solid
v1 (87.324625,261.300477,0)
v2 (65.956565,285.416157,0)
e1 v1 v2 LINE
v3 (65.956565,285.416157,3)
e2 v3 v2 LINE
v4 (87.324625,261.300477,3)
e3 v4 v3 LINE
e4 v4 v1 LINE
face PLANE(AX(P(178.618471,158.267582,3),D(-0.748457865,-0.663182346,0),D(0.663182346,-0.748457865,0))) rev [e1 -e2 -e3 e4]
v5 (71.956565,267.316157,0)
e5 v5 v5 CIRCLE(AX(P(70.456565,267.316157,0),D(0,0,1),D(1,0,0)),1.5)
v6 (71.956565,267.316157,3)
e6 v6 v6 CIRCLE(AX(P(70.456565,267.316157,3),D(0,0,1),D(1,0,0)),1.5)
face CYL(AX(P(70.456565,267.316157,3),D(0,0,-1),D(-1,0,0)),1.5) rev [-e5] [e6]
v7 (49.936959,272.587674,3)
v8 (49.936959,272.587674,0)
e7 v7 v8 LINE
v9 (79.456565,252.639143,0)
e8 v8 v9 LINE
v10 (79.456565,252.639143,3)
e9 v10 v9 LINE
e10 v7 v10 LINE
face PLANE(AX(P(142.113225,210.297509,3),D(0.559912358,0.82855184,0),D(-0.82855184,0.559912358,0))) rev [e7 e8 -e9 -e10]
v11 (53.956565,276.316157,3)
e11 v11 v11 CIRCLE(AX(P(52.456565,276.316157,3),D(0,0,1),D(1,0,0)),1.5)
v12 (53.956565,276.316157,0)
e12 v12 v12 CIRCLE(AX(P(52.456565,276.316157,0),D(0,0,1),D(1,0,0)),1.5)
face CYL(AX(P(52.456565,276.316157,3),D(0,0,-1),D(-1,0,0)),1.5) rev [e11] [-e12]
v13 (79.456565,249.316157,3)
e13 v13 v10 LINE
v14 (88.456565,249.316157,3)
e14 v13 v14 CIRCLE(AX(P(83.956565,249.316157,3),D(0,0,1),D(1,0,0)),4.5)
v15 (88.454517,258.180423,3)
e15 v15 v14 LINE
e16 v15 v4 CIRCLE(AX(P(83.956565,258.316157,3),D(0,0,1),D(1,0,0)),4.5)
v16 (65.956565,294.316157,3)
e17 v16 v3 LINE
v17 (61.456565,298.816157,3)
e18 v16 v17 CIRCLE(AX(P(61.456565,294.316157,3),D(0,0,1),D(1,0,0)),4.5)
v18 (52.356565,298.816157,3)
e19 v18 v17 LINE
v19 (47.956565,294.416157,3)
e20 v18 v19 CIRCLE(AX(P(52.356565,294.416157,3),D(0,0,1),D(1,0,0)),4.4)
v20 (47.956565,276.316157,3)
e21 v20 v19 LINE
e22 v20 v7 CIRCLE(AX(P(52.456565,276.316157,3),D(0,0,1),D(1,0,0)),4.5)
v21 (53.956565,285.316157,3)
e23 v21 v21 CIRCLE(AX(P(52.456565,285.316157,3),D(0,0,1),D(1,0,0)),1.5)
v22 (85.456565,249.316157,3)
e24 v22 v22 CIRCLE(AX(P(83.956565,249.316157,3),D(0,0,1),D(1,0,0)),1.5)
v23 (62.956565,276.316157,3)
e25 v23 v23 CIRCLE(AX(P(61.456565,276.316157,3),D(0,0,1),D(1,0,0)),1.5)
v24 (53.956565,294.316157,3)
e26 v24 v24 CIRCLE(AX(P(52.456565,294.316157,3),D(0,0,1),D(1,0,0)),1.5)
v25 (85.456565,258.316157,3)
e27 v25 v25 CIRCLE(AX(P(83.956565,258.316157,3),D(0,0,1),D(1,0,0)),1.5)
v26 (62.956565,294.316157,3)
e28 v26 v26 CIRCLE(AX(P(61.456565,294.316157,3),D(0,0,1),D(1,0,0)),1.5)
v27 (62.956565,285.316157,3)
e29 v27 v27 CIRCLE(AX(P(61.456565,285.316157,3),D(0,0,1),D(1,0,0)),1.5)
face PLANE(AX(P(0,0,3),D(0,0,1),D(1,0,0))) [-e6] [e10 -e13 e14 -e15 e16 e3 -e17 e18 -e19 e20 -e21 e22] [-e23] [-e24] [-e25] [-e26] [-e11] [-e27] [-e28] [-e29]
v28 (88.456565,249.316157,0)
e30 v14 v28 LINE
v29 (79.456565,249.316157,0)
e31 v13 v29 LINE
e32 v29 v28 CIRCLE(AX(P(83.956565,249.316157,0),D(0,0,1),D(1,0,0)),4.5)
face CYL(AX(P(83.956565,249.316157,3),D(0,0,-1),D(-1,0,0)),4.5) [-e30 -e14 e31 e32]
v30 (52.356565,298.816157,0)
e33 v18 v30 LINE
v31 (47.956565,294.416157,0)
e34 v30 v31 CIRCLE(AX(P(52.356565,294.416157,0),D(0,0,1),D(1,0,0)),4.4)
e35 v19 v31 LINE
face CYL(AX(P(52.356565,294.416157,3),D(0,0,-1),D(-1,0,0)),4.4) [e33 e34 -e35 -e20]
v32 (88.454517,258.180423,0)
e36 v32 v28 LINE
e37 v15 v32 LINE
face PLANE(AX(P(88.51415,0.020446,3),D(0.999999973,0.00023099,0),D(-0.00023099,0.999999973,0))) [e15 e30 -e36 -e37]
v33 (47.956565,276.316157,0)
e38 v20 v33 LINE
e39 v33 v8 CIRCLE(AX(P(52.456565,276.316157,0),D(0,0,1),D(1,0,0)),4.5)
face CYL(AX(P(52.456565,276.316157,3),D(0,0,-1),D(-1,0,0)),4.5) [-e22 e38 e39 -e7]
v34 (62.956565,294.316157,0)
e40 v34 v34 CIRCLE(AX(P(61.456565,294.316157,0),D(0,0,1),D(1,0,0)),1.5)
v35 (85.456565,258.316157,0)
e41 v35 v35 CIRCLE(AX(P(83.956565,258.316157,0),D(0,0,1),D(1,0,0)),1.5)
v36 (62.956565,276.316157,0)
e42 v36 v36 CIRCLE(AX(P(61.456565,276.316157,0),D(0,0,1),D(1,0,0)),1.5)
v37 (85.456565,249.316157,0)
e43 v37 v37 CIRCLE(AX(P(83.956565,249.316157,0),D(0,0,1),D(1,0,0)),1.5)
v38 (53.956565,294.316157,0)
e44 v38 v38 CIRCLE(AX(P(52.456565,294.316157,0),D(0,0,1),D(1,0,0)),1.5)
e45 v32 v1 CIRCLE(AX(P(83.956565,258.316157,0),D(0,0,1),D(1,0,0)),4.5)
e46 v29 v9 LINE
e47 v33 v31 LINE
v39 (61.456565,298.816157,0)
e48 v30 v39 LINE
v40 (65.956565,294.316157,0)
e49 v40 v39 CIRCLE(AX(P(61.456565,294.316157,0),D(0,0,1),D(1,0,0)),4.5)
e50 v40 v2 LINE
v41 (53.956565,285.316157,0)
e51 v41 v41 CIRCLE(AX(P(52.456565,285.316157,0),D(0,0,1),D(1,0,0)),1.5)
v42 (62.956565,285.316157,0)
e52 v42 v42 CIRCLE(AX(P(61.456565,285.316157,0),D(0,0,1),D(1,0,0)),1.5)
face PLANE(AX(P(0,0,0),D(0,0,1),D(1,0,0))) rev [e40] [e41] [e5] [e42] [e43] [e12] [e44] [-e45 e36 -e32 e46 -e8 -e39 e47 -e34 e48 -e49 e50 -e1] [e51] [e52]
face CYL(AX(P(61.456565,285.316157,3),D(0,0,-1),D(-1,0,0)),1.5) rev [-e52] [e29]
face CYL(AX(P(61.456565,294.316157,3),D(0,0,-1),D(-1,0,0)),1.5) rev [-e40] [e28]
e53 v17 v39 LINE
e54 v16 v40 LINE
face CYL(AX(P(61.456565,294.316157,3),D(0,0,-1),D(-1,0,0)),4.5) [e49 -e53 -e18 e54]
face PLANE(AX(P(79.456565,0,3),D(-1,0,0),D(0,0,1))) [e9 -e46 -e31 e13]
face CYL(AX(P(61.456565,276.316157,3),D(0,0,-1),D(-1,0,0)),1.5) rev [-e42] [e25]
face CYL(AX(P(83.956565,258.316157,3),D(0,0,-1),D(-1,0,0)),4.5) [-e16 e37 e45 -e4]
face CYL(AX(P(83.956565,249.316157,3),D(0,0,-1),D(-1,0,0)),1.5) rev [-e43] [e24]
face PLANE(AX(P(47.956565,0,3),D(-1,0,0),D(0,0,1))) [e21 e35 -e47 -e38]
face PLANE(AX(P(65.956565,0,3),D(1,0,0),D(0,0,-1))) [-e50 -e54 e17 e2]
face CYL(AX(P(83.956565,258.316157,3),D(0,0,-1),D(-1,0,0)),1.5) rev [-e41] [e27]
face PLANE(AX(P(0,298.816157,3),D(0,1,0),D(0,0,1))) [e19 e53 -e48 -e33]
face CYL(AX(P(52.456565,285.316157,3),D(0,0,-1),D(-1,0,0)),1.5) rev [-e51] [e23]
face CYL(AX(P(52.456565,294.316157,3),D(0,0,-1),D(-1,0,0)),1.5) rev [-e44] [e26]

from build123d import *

# Parameters (mm, degrees)
MODEL_R                 = 1.5
SALIENTE_EXTRUIR1_DEPTH = 3


with BuildPart() as part:
    # Model → Saliente-Extruir1 (new body)
    with BuildSketch(Plane.XY):
        with BuildLine():
            Line((47.956564936, 294.416156902), (47.956564936, 276.316156902))
            ThreePointArc((47.956564936, 276.316156902), (48.482384187, 274.205259611), (49.936959325, 272.587673623))
            Line((49.936959325, 272.587673623), (70.456564936, 258.72109315))
            Line((70.456564936, 258.72109315), (79.456564936, 252.639142716))
            Line((79.456564936, 252.639142716), (79.456564936, 249.316156902))
            ThreePointArc((79.456564936, 249.316156902), (83.956564936, 244.816156902), (88.456564936, 249.316156902))
            Line((88.456564936, 249.316156902), (88.456564456, 249.318235809))
            Line((88.456564456, 249.318235809), (88.454517382, 258.180422621))
            ThreePointArc((88.454517382, 258.180422621), (88.187667044, 259.848401972), (87.32462533, 261.300477459))
            Line((87.32462533, 261.300477459), (65.956564936, 285.416156902))
            Line((65.956564936, 285.416156902), (65.956564936, 294.316156902))
            ThreePointArc((65.956564936, 294.316156902), (64.638545451, 297.498137417), (61.456564936, 298.816156902))
            Line((61.456564936, 298.816156902), (52.356564936, 298.816156902))
            ThreePointArc((52.356564936, 298.816156902), (49.245295099, 297.527426739), (47.956564936, 294.416156902))
        make_face()
        with Locations((83.956564936, 249.316156902)):
            Circle(MODEL_R, mode=Mode.SUBTRACT)
        with Locations((70.456564936, 267.316156902)):
            Circle(MODEL_R, mode=Mode.SUBTRACT)
        with Locations((83.956564936, 258.316156902)):
            Circle(MODEL_R, mode=Mode.SUBTRACT)
        with Locations((52.456564936, 276.316156902)):
            Circle(MODEL_R, mode=Mode.SUBTRACT)
        with Locations((61.456564936, 276.316156902)):
            Circle(MODEL_R, mode=Mode.SUBTRACT)
        with Locations((52.456564936, 285.316156902)):
            Circle(MODEL_R, mode=Mode.SUBTRACT)
        with Locations((52.456564936, 294.316156902)):
            Circle(MODEL_R, mode=Mode.SUBTRACT)
        with Locations((61.456564936, 285.316156902)):
            Circle(MODEL_R, mode=Mode.SUBTRACT)
        with Locations((61.456564936, 294.316156902)):
            Circle(MODEL_R, mode=Mode.SUBTRACT)
    extrude(amount=SALIENTE_EXTRUIR1_DEPTH)


solid = part.part
